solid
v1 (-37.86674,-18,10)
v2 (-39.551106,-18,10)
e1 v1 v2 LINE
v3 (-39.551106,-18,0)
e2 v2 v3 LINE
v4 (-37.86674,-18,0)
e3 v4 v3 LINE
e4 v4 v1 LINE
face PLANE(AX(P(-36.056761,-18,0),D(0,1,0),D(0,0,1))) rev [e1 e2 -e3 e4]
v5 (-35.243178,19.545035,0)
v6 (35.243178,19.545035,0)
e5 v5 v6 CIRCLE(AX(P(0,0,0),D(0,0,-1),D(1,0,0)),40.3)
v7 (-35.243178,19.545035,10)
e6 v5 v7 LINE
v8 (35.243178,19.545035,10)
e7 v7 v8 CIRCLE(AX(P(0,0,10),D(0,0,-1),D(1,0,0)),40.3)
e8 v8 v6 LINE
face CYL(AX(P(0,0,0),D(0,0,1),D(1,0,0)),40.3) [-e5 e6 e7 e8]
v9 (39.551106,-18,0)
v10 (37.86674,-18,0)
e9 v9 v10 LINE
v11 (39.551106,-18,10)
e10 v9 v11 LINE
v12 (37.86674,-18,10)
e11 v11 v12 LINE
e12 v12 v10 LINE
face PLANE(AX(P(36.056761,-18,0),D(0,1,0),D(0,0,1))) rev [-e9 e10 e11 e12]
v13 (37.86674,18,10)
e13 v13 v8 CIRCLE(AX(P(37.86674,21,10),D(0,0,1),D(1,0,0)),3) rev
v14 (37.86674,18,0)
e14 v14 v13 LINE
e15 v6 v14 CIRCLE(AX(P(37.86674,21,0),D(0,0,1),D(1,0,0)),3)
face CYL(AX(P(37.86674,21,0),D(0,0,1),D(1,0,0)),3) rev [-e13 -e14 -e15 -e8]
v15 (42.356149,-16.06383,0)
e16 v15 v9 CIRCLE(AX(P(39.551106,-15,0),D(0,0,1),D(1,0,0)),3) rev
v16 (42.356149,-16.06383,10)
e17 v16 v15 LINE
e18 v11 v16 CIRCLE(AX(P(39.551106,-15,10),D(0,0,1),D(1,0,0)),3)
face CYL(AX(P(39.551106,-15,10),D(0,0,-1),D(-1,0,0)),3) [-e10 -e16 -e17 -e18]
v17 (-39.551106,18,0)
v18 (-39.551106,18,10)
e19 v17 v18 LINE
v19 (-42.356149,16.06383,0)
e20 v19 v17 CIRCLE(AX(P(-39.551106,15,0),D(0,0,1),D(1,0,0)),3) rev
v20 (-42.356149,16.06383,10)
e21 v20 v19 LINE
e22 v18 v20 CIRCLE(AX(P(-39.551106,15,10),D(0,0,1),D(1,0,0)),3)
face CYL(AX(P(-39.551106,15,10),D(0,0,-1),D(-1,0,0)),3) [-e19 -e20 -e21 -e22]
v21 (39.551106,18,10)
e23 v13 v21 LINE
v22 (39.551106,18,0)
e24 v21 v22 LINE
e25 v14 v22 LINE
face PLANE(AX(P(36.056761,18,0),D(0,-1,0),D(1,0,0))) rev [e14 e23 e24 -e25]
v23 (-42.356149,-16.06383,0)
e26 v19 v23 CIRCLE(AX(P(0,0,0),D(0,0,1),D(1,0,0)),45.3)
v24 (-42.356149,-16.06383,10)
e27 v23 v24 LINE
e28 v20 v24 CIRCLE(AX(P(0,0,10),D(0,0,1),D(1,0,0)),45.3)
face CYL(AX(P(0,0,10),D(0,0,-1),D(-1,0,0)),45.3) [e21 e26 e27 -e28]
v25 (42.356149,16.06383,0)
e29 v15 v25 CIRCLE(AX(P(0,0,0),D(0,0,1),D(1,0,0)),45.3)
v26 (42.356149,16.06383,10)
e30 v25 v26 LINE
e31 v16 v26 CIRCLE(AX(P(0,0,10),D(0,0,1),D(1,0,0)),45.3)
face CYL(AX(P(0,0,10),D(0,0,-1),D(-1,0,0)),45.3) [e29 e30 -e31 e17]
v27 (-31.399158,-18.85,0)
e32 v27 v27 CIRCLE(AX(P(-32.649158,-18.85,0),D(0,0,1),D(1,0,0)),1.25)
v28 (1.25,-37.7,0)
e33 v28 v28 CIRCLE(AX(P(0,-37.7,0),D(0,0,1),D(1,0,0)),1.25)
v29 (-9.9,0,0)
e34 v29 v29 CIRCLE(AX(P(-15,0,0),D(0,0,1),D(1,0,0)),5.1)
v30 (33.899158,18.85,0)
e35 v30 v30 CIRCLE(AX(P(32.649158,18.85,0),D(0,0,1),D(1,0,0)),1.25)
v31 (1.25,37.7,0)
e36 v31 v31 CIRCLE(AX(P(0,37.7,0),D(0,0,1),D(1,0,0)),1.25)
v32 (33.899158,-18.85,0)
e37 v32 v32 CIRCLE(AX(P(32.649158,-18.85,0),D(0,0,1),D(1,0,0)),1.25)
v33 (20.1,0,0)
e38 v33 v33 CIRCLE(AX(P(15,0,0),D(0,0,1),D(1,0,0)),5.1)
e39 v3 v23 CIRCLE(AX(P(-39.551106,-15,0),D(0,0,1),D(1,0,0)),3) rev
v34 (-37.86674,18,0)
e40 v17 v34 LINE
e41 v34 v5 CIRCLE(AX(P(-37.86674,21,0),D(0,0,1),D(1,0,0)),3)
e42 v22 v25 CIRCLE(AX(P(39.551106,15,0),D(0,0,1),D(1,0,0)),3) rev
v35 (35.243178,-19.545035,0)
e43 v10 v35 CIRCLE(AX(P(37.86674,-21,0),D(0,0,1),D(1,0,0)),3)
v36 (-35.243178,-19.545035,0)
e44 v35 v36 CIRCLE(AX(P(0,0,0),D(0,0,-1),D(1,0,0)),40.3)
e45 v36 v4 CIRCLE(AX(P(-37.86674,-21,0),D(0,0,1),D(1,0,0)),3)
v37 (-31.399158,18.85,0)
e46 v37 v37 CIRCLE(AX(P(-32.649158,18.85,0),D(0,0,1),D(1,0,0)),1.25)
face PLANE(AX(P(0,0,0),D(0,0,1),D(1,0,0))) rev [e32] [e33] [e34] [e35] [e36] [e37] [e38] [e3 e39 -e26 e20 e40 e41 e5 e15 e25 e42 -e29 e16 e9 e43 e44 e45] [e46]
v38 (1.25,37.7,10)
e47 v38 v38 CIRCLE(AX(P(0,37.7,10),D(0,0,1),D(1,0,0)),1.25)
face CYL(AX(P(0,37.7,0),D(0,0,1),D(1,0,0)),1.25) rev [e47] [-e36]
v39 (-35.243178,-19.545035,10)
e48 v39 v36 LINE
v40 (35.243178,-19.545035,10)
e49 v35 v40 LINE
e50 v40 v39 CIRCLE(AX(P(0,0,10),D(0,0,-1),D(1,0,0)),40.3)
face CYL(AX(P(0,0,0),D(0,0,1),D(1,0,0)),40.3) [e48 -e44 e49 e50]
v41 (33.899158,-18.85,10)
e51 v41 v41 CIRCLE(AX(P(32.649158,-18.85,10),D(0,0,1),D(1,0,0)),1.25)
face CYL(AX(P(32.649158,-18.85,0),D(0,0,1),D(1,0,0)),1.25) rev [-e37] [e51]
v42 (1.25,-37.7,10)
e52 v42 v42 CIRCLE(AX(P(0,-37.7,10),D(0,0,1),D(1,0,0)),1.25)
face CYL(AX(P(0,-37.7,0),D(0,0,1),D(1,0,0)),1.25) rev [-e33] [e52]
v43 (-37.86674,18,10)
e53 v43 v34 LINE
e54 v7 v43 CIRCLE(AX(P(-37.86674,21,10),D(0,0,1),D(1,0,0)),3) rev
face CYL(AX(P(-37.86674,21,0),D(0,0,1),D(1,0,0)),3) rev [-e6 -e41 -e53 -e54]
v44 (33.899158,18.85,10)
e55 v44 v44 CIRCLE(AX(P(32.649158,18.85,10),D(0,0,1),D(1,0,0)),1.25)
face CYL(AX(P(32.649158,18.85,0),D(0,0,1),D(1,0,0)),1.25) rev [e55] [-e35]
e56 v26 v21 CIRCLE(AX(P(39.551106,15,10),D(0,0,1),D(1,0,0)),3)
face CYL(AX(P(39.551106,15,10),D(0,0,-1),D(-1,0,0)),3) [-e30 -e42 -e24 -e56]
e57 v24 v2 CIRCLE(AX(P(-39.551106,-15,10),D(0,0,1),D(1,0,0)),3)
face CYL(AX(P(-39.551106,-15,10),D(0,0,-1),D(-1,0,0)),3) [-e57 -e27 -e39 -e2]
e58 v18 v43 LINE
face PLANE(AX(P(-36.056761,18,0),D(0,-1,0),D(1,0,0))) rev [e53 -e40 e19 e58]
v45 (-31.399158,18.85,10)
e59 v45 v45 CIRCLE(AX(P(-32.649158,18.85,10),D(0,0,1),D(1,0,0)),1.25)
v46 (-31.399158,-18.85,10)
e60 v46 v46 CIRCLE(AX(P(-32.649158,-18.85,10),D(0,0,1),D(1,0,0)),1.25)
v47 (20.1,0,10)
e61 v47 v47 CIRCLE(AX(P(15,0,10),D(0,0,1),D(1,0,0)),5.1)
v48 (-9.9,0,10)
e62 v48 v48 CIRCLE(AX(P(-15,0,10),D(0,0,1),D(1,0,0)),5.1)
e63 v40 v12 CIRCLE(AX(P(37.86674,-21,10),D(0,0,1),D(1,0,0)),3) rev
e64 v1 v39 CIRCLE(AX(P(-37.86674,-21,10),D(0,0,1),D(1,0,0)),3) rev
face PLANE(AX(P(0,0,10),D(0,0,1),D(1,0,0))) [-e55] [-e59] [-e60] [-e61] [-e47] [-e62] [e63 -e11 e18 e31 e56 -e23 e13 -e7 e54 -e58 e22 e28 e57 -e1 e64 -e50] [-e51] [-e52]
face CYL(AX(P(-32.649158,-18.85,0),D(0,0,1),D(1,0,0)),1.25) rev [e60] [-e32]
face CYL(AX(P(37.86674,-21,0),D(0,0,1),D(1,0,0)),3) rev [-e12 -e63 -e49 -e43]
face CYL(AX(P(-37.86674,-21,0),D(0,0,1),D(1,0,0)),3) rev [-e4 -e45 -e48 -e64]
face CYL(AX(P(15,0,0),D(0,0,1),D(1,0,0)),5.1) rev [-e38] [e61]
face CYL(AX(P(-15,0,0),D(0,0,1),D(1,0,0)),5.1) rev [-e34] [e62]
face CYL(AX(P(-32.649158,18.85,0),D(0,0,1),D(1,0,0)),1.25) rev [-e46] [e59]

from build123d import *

# Parameters (mm, degrees)
SKETCH_1_R          = 45.3
EXTRUDE_1_DEPTH     = 10
CUT_EXTRUDE_1_DEPTH = 11
FILLET_1_R          = 3
SKETCH_3_R          = 1.25
CUT_EXTRUDE_2_DEPTH = 11
SKETCH_4_R          = 5.1
CUT_EXTRUDE_3_DEPTH = 11


with BuildPart() as part:
    # 草图1 → 凸台-拉伸1 (new body)
    with BuildSketch(Plane.XY):
        Circle(SKETCH_1_R)
    extrude(amount=EXTRUDE_1_DEPTH)

    # 草图2 → 切除-拉伸1 (cut, through all)
    with BuildSketch(Plane.XY.offset(10)):
        with BuildLine():
            Line((-36.056760808, 18), (-41.570301899, 18))
            ThreePointArc((-41.570301899, 18), (0, 45.3), (41.570301899, 18))
            Line((41.570301899, 18), (36.056760808, 18))
            ThreePointArc((36.056760808, 18), (0, 40.3), (-36.056760808, 18))
        make_face()
        with BuildLine():
            Line((-36.056760808, -18), (-41.734622438, -18))
            ThreePointArc((-41.734622438, -18), (0, -45.450838386), (41.734622438, -18))
            Line((41.734622438, -18), (36.056760808, -18))
            ThreePointArc((36.056760808, -18), (0, -40.3), (-36.056760808, -18))
        make_face()
    extrude(amount=-CUT_EXTRUDE_1_DEPTH, mode=Mode.SUBTRACT)

    # 圆角1
    fillet_1_edges = [part.edges().sort_by_distance(p)[0] for p in [
        (36.056760808, 18, 5),
        (-36.056760808, 18, 5),
        (-41.570301899, 18, 5),
        (41.570301899, 18, 5),
        (41.570301899, -18, 5),
        (36.056760808, -18, 5),
        (-41.570301899, -18, 5),
        (-36.056760808, -18, 5),
    ]]
    fillet(fillet_1_edges, radius=FILLET_1_R)

    # 草图3 → 切除-拉伸2 (cut, through all)
    with BuildSketch(Plane.XY.offset(10)):
        with Locations((0, 37.7)):
            Circle(SKETCH_3_R)
        with Locations((32.649157723, 18.85)):
            Circle(SKETCH_3_R)
        with Locations((32.649157723, -18.85)):
            Circle(SKETCH_3_R)
        with Locations((0, -37.7)):
            Circle(SKETCH_3_R)
        with Locations((-32.649157723, -18.85)):
            Circle(SKETCH_3_R)
        with Locations((-32.649157723, 18.85)):
            Circle(SKETCH_3_R)
    extrude(amount=-CUT_EXTRUDE_2_DEPTH, mode=Mode.SUBTRACT)

    # 草图4 → 切除-拉伸3 (cut, through all)
    with BuildSketch(Plane.XY.offset(10)):
        with Locations((-15, 0)):
            Circle(SKETCH_4_R)
        with Locations((15, 0)):
            Circle(SKETCH_4_R)
    extrude(amount=-CUT_EXTRUDE_3_DEPTH, mode=Mode.SUBTRACT)


solid = part.part
